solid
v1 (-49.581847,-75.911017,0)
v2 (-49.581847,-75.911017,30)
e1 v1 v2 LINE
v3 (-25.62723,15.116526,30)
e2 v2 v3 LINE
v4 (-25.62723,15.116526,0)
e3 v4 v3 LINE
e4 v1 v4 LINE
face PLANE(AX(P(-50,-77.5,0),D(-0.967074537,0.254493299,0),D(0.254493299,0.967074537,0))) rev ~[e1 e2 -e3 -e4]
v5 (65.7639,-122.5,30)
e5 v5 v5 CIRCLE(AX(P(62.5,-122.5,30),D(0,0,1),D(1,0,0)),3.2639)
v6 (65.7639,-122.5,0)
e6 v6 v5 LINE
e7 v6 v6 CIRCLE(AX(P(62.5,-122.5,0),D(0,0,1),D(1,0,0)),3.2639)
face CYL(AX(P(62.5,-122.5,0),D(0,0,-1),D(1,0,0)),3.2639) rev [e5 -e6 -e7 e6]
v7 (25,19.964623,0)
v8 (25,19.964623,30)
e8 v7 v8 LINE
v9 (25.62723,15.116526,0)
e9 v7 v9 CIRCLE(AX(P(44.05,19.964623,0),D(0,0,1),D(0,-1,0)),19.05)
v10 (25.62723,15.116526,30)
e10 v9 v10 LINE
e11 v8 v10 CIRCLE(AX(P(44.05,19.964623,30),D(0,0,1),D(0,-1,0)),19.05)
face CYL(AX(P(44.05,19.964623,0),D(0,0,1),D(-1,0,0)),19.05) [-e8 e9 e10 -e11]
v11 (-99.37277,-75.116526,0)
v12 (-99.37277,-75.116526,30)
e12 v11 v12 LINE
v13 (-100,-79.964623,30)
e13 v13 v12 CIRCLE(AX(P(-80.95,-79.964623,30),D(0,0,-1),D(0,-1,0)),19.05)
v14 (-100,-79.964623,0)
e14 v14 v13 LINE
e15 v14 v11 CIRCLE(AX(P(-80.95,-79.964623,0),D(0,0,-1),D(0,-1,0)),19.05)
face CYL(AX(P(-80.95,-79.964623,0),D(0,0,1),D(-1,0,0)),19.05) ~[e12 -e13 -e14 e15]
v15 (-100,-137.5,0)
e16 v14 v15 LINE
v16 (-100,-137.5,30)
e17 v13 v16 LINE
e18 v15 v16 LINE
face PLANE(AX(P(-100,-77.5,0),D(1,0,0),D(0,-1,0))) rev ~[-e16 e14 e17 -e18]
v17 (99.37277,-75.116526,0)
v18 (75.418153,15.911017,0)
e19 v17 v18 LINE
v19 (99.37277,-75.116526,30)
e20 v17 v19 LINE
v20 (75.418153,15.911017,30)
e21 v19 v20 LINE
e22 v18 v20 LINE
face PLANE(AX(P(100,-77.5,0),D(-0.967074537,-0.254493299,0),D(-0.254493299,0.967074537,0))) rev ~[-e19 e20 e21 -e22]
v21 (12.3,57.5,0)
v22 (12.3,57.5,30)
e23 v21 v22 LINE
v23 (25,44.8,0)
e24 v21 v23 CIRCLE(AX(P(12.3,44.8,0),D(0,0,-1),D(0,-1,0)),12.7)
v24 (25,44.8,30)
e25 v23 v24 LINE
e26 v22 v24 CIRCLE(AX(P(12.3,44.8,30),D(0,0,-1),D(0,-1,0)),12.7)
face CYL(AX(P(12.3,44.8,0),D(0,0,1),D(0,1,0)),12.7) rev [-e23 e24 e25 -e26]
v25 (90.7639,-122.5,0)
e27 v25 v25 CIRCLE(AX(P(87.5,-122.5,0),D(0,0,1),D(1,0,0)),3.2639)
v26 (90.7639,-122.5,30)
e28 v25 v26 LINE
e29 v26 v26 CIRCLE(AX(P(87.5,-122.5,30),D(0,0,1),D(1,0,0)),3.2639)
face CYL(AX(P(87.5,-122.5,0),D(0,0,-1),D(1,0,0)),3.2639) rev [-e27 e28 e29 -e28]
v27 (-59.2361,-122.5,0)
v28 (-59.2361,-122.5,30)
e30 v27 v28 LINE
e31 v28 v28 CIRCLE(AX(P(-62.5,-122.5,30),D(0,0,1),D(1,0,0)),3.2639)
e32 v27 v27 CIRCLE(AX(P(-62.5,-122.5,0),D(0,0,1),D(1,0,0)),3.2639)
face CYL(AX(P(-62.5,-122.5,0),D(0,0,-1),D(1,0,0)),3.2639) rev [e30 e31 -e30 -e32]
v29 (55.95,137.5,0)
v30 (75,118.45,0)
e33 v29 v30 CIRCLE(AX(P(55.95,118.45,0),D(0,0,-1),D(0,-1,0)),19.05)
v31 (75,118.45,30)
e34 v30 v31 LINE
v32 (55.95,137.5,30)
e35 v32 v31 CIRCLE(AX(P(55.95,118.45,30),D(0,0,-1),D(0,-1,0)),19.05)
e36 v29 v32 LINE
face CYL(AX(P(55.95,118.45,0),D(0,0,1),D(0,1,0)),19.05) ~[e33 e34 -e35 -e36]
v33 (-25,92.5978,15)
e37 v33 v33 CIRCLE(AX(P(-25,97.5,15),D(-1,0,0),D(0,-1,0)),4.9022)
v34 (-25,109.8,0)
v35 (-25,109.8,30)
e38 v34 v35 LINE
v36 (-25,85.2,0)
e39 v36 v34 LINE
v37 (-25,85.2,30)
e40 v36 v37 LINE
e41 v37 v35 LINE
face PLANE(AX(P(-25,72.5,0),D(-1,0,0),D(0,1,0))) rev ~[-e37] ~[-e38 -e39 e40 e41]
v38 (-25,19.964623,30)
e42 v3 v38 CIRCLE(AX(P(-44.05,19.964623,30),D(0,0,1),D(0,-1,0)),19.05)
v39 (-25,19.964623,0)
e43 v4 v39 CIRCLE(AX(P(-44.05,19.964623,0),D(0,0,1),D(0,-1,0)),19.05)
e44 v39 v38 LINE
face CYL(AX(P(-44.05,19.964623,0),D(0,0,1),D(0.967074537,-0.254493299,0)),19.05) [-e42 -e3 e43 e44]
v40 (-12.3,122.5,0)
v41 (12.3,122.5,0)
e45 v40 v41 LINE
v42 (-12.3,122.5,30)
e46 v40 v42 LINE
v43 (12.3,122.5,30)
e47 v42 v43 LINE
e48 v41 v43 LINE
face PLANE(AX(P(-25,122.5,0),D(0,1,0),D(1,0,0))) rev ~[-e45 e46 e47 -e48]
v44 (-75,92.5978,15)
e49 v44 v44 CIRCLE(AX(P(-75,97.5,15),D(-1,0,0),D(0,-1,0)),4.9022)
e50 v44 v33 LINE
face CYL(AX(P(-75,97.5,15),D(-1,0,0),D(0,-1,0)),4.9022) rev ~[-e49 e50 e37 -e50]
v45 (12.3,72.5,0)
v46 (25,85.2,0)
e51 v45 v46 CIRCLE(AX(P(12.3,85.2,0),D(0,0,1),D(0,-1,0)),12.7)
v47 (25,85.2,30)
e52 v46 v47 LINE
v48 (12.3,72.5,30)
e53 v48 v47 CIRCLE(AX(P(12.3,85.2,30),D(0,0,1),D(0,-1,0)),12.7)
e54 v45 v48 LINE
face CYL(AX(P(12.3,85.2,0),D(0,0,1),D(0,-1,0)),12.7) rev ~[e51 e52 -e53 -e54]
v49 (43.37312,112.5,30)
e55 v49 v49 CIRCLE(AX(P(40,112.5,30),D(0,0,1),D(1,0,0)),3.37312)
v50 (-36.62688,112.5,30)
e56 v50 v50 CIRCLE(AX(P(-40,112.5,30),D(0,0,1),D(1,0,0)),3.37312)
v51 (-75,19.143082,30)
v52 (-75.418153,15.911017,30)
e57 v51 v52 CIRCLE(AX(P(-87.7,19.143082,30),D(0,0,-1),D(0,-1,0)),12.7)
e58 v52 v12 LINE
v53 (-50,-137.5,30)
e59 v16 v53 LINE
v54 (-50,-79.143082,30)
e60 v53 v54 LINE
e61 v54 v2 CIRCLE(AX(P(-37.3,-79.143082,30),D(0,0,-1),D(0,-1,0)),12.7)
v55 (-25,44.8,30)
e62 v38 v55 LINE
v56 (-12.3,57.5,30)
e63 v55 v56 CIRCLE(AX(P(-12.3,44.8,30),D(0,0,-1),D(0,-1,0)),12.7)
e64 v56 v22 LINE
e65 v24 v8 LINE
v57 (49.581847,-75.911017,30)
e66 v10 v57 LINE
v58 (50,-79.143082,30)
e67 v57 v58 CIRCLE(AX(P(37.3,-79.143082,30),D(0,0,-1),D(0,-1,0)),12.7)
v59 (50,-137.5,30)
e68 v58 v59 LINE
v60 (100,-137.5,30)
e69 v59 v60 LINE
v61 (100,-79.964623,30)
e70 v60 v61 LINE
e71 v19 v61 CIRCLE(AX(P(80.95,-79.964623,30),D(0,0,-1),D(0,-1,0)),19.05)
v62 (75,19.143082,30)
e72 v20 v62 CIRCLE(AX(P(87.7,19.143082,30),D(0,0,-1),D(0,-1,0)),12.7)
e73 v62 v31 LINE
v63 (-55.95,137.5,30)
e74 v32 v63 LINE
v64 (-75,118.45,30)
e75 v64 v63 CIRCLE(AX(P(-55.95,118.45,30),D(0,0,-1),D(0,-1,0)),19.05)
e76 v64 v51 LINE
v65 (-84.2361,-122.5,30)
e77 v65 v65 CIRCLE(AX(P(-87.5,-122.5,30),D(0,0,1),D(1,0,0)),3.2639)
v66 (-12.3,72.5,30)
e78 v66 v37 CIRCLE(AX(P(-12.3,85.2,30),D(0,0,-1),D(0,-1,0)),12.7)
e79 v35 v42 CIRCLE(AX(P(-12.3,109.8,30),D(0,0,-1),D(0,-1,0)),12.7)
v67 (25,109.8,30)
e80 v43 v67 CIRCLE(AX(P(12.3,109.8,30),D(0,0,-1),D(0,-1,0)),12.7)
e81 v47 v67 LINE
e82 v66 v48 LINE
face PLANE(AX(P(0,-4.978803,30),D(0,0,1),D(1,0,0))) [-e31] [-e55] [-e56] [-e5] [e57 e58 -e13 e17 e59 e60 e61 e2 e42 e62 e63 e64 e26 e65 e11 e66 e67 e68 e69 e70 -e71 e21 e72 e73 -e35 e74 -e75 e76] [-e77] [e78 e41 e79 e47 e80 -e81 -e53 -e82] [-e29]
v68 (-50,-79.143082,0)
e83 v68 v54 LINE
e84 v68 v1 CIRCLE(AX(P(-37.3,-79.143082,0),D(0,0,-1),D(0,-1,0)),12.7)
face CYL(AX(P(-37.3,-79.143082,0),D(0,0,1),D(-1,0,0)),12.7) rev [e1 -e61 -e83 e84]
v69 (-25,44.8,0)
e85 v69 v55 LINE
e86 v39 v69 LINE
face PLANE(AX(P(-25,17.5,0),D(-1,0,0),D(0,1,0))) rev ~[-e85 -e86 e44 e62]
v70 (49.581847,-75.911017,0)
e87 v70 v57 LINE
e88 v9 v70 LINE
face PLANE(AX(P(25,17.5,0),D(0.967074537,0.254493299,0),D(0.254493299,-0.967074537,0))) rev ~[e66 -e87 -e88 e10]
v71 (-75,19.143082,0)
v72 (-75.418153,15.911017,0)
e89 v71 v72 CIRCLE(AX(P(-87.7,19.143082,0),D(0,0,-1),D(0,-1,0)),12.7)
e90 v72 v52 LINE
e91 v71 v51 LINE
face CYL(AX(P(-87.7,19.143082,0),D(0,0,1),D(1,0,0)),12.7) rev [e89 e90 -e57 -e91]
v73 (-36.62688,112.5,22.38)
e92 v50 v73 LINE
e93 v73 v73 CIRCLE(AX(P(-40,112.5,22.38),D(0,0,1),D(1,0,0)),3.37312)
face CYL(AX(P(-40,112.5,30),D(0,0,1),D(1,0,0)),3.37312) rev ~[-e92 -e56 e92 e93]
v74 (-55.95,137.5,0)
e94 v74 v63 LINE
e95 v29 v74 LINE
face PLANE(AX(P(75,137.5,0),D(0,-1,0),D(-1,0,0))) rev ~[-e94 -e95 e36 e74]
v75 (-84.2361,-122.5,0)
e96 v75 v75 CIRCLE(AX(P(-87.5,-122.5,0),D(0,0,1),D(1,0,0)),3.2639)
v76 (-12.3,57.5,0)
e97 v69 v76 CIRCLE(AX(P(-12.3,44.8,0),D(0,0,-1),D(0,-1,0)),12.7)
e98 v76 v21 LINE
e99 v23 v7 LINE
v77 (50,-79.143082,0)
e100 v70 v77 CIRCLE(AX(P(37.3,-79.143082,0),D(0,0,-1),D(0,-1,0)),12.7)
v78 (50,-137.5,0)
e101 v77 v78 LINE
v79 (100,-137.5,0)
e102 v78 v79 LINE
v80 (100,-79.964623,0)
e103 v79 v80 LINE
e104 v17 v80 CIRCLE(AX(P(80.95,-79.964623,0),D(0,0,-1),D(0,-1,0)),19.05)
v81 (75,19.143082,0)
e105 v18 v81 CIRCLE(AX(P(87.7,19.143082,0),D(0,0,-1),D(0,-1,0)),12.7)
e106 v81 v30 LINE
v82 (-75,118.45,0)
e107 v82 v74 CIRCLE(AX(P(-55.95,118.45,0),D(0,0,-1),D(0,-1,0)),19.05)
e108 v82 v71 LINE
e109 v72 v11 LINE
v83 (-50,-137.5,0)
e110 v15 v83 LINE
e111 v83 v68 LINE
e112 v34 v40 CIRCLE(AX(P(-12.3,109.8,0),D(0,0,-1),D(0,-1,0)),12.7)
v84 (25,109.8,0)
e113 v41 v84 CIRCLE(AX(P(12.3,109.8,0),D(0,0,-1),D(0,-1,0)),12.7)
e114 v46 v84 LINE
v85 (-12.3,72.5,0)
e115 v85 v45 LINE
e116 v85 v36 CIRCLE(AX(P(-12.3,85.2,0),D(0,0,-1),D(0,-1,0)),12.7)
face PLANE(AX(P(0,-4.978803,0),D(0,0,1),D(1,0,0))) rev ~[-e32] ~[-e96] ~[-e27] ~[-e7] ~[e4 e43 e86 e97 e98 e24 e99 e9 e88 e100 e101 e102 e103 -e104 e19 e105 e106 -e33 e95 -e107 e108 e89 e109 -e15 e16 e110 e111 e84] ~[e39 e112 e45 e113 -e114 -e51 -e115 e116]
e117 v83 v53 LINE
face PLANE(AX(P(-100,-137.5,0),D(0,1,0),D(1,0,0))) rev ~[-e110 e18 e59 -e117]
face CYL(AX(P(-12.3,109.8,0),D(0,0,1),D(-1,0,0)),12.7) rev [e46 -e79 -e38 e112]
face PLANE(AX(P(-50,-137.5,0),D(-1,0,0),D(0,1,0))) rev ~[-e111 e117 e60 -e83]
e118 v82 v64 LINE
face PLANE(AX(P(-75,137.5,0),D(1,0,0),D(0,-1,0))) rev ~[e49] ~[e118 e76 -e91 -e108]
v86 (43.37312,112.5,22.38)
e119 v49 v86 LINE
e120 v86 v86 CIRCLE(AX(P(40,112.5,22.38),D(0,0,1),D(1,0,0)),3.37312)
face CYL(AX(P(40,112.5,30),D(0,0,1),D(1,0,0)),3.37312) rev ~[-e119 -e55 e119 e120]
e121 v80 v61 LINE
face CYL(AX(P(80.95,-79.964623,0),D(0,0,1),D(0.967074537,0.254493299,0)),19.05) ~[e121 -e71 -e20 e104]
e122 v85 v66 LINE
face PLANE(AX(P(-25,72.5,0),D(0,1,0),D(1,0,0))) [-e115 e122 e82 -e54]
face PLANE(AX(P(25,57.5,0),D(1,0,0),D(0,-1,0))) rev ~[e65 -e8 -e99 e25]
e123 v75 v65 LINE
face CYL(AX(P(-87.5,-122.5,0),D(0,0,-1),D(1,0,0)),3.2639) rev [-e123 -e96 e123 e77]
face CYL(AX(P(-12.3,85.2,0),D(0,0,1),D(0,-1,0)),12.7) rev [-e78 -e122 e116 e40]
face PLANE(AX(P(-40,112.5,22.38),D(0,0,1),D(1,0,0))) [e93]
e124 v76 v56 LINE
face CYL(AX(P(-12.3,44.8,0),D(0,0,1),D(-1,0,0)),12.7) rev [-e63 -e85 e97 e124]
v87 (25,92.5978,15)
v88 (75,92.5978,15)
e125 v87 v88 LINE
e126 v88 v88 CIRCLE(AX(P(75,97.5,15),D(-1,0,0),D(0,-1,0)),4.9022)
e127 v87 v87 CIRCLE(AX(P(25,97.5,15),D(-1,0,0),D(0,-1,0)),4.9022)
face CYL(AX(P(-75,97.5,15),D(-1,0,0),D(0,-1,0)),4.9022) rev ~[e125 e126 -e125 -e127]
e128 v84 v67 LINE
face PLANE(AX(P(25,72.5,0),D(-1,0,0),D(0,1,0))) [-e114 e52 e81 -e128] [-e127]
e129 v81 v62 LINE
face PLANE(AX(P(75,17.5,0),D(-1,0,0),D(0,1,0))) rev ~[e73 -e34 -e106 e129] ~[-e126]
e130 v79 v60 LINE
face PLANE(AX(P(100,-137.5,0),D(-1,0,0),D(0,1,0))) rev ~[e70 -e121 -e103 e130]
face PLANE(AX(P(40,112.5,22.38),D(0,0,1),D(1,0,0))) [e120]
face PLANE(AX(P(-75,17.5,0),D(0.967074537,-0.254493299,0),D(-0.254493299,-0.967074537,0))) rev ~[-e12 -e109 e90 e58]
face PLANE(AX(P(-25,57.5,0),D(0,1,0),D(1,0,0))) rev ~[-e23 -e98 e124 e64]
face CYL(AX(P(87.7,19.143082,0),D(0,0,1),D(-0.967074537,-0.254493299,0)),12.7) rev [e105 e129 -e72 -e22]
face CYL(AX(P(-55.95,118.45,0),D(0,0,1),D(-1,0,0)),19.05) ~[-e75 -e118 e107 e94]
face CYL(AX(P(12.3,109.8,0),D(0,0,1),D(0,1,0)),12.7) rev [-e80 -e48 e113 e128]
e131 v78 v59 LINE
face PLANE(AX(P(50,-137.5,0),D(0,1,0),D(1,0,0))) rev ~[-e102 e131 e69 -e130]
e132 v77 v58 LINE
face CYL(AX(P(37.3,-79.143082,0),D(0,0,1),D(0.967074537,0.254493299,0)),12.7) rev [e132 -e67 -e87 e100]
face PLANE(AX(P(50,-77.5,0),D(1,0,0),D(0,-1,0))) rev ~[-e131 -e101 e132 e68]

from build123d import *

# Parameters (mm, degrees)
F0_R     = 3.2639
F0_R_2   = 3.37312
F0_W     = 50
F0_H     = 50
F1_DEPTH = 30
F2_R     = 12.7
F3_R     = 19.05
F4_R     = 3.37312
F5_DEPTH = 7.62
F6_R     = 4.9022
F7_DEPTH = 175.001


with BuildPart() as f1:
    # F0 (on Top) → F1 (new body)
    with BuildSketch(Plane.XY):
        Polygon((-100, -137.5), (-50, -137.5), (-50, -77.5), (-25, 17.5), (-25, 57.5), (25, 57.5), (25, 17.5), (50, -77.5), (50, -137.5), (100, -137.5), (100, -77.5), (75, 17.5), (75, 137.5), (-75, 137.5), (-75, 17.5), (-100, -77.5), align=None)
        with Locations((-87.5, -122.5)):
            Circle(F0_R, mode=Mode.SUBTRACT)
        with Locations((-62.5, -122.5)):
            Circle(F0_R, mode=Mode.SUBTRACT)
        with Locations((62.5, -122.5)):
            Circle(F0_R, mode=Mode.SUBTRACT)
        with Locations((87.5, -122.5)):
            Circle(F0_R, mode=Mode.SUBTRACT)
        with Locations((-40, 112.5)):
            Circle(F0_R_2, mode=Mode.SUBTRACT)
        with Locations((0, 97.5)):
            Rectangle(F0_W, F0_H, mode=Mode.SUBTRACT)
        with Locations((40, 112.5)):
            Circle(F0_R_2, mode=Mode.SUBTRACT)
        with Locations((-40, 112.5)):
            Circle(F0_R_2)
        with Locations((40, 112.5)):
            Circle(F0_R_2)
    extrude(amount=F1_DEPTH)

    # F2
    f2_edges = [f1.edges().sort_by_distance(p)[0] for p in [
        (-25, 122.5, 15),
        (25, 122.5, 15),
        (25, 72.5, 15),
        (-25, 72.5, 15),
        (-25, 57.5, 15),
        (25, 57.5, 15),
        (50, -77.5, 15),
        (-50, -77.5, 15),
        (-75, 17.5, 15),
        (75, 17.5, 15),
    ]]
    fillet(f2_edges, radius=F2_R)

    # F3
    f3_edges = [f1.edges().sort_by_distance(p)[0] for p in [
        (-100, -77.5, 15),
        (-75, 137.5, 15),
        (75, 137.5, 15),
        (100, -77.5, 15),
        (25, 17.5, 15),
        (-25, 17.5, 15),
    ]]
    fillet(f3_edges, radius=F3_R)

    # F4 (on face) → F5 (cut)
    with BuildSketch(Plane.XY.offset(30)):
        with Locations((-40, 112.5)):
            Circle(F4_R)
        with Locations((40, 112.5)):
            Circle(F4_R)
    extrude(amount=-F5_DEPTH, mode=Mode.SUBTRACT)

    # F6 (on face) → F7 (cut, through all)
    with BuildSketch(Plane(origin=(-75, 0, 0), x_dir=(0, -1, 0), z_dir=(-1, 0, 0))):
        with Locations((-97.5, 15)):
            Circle(F6_R)
    extrude(amount=-F7_DEPTH, mode=Mode.SUBTRACT)


solid = f1.part
